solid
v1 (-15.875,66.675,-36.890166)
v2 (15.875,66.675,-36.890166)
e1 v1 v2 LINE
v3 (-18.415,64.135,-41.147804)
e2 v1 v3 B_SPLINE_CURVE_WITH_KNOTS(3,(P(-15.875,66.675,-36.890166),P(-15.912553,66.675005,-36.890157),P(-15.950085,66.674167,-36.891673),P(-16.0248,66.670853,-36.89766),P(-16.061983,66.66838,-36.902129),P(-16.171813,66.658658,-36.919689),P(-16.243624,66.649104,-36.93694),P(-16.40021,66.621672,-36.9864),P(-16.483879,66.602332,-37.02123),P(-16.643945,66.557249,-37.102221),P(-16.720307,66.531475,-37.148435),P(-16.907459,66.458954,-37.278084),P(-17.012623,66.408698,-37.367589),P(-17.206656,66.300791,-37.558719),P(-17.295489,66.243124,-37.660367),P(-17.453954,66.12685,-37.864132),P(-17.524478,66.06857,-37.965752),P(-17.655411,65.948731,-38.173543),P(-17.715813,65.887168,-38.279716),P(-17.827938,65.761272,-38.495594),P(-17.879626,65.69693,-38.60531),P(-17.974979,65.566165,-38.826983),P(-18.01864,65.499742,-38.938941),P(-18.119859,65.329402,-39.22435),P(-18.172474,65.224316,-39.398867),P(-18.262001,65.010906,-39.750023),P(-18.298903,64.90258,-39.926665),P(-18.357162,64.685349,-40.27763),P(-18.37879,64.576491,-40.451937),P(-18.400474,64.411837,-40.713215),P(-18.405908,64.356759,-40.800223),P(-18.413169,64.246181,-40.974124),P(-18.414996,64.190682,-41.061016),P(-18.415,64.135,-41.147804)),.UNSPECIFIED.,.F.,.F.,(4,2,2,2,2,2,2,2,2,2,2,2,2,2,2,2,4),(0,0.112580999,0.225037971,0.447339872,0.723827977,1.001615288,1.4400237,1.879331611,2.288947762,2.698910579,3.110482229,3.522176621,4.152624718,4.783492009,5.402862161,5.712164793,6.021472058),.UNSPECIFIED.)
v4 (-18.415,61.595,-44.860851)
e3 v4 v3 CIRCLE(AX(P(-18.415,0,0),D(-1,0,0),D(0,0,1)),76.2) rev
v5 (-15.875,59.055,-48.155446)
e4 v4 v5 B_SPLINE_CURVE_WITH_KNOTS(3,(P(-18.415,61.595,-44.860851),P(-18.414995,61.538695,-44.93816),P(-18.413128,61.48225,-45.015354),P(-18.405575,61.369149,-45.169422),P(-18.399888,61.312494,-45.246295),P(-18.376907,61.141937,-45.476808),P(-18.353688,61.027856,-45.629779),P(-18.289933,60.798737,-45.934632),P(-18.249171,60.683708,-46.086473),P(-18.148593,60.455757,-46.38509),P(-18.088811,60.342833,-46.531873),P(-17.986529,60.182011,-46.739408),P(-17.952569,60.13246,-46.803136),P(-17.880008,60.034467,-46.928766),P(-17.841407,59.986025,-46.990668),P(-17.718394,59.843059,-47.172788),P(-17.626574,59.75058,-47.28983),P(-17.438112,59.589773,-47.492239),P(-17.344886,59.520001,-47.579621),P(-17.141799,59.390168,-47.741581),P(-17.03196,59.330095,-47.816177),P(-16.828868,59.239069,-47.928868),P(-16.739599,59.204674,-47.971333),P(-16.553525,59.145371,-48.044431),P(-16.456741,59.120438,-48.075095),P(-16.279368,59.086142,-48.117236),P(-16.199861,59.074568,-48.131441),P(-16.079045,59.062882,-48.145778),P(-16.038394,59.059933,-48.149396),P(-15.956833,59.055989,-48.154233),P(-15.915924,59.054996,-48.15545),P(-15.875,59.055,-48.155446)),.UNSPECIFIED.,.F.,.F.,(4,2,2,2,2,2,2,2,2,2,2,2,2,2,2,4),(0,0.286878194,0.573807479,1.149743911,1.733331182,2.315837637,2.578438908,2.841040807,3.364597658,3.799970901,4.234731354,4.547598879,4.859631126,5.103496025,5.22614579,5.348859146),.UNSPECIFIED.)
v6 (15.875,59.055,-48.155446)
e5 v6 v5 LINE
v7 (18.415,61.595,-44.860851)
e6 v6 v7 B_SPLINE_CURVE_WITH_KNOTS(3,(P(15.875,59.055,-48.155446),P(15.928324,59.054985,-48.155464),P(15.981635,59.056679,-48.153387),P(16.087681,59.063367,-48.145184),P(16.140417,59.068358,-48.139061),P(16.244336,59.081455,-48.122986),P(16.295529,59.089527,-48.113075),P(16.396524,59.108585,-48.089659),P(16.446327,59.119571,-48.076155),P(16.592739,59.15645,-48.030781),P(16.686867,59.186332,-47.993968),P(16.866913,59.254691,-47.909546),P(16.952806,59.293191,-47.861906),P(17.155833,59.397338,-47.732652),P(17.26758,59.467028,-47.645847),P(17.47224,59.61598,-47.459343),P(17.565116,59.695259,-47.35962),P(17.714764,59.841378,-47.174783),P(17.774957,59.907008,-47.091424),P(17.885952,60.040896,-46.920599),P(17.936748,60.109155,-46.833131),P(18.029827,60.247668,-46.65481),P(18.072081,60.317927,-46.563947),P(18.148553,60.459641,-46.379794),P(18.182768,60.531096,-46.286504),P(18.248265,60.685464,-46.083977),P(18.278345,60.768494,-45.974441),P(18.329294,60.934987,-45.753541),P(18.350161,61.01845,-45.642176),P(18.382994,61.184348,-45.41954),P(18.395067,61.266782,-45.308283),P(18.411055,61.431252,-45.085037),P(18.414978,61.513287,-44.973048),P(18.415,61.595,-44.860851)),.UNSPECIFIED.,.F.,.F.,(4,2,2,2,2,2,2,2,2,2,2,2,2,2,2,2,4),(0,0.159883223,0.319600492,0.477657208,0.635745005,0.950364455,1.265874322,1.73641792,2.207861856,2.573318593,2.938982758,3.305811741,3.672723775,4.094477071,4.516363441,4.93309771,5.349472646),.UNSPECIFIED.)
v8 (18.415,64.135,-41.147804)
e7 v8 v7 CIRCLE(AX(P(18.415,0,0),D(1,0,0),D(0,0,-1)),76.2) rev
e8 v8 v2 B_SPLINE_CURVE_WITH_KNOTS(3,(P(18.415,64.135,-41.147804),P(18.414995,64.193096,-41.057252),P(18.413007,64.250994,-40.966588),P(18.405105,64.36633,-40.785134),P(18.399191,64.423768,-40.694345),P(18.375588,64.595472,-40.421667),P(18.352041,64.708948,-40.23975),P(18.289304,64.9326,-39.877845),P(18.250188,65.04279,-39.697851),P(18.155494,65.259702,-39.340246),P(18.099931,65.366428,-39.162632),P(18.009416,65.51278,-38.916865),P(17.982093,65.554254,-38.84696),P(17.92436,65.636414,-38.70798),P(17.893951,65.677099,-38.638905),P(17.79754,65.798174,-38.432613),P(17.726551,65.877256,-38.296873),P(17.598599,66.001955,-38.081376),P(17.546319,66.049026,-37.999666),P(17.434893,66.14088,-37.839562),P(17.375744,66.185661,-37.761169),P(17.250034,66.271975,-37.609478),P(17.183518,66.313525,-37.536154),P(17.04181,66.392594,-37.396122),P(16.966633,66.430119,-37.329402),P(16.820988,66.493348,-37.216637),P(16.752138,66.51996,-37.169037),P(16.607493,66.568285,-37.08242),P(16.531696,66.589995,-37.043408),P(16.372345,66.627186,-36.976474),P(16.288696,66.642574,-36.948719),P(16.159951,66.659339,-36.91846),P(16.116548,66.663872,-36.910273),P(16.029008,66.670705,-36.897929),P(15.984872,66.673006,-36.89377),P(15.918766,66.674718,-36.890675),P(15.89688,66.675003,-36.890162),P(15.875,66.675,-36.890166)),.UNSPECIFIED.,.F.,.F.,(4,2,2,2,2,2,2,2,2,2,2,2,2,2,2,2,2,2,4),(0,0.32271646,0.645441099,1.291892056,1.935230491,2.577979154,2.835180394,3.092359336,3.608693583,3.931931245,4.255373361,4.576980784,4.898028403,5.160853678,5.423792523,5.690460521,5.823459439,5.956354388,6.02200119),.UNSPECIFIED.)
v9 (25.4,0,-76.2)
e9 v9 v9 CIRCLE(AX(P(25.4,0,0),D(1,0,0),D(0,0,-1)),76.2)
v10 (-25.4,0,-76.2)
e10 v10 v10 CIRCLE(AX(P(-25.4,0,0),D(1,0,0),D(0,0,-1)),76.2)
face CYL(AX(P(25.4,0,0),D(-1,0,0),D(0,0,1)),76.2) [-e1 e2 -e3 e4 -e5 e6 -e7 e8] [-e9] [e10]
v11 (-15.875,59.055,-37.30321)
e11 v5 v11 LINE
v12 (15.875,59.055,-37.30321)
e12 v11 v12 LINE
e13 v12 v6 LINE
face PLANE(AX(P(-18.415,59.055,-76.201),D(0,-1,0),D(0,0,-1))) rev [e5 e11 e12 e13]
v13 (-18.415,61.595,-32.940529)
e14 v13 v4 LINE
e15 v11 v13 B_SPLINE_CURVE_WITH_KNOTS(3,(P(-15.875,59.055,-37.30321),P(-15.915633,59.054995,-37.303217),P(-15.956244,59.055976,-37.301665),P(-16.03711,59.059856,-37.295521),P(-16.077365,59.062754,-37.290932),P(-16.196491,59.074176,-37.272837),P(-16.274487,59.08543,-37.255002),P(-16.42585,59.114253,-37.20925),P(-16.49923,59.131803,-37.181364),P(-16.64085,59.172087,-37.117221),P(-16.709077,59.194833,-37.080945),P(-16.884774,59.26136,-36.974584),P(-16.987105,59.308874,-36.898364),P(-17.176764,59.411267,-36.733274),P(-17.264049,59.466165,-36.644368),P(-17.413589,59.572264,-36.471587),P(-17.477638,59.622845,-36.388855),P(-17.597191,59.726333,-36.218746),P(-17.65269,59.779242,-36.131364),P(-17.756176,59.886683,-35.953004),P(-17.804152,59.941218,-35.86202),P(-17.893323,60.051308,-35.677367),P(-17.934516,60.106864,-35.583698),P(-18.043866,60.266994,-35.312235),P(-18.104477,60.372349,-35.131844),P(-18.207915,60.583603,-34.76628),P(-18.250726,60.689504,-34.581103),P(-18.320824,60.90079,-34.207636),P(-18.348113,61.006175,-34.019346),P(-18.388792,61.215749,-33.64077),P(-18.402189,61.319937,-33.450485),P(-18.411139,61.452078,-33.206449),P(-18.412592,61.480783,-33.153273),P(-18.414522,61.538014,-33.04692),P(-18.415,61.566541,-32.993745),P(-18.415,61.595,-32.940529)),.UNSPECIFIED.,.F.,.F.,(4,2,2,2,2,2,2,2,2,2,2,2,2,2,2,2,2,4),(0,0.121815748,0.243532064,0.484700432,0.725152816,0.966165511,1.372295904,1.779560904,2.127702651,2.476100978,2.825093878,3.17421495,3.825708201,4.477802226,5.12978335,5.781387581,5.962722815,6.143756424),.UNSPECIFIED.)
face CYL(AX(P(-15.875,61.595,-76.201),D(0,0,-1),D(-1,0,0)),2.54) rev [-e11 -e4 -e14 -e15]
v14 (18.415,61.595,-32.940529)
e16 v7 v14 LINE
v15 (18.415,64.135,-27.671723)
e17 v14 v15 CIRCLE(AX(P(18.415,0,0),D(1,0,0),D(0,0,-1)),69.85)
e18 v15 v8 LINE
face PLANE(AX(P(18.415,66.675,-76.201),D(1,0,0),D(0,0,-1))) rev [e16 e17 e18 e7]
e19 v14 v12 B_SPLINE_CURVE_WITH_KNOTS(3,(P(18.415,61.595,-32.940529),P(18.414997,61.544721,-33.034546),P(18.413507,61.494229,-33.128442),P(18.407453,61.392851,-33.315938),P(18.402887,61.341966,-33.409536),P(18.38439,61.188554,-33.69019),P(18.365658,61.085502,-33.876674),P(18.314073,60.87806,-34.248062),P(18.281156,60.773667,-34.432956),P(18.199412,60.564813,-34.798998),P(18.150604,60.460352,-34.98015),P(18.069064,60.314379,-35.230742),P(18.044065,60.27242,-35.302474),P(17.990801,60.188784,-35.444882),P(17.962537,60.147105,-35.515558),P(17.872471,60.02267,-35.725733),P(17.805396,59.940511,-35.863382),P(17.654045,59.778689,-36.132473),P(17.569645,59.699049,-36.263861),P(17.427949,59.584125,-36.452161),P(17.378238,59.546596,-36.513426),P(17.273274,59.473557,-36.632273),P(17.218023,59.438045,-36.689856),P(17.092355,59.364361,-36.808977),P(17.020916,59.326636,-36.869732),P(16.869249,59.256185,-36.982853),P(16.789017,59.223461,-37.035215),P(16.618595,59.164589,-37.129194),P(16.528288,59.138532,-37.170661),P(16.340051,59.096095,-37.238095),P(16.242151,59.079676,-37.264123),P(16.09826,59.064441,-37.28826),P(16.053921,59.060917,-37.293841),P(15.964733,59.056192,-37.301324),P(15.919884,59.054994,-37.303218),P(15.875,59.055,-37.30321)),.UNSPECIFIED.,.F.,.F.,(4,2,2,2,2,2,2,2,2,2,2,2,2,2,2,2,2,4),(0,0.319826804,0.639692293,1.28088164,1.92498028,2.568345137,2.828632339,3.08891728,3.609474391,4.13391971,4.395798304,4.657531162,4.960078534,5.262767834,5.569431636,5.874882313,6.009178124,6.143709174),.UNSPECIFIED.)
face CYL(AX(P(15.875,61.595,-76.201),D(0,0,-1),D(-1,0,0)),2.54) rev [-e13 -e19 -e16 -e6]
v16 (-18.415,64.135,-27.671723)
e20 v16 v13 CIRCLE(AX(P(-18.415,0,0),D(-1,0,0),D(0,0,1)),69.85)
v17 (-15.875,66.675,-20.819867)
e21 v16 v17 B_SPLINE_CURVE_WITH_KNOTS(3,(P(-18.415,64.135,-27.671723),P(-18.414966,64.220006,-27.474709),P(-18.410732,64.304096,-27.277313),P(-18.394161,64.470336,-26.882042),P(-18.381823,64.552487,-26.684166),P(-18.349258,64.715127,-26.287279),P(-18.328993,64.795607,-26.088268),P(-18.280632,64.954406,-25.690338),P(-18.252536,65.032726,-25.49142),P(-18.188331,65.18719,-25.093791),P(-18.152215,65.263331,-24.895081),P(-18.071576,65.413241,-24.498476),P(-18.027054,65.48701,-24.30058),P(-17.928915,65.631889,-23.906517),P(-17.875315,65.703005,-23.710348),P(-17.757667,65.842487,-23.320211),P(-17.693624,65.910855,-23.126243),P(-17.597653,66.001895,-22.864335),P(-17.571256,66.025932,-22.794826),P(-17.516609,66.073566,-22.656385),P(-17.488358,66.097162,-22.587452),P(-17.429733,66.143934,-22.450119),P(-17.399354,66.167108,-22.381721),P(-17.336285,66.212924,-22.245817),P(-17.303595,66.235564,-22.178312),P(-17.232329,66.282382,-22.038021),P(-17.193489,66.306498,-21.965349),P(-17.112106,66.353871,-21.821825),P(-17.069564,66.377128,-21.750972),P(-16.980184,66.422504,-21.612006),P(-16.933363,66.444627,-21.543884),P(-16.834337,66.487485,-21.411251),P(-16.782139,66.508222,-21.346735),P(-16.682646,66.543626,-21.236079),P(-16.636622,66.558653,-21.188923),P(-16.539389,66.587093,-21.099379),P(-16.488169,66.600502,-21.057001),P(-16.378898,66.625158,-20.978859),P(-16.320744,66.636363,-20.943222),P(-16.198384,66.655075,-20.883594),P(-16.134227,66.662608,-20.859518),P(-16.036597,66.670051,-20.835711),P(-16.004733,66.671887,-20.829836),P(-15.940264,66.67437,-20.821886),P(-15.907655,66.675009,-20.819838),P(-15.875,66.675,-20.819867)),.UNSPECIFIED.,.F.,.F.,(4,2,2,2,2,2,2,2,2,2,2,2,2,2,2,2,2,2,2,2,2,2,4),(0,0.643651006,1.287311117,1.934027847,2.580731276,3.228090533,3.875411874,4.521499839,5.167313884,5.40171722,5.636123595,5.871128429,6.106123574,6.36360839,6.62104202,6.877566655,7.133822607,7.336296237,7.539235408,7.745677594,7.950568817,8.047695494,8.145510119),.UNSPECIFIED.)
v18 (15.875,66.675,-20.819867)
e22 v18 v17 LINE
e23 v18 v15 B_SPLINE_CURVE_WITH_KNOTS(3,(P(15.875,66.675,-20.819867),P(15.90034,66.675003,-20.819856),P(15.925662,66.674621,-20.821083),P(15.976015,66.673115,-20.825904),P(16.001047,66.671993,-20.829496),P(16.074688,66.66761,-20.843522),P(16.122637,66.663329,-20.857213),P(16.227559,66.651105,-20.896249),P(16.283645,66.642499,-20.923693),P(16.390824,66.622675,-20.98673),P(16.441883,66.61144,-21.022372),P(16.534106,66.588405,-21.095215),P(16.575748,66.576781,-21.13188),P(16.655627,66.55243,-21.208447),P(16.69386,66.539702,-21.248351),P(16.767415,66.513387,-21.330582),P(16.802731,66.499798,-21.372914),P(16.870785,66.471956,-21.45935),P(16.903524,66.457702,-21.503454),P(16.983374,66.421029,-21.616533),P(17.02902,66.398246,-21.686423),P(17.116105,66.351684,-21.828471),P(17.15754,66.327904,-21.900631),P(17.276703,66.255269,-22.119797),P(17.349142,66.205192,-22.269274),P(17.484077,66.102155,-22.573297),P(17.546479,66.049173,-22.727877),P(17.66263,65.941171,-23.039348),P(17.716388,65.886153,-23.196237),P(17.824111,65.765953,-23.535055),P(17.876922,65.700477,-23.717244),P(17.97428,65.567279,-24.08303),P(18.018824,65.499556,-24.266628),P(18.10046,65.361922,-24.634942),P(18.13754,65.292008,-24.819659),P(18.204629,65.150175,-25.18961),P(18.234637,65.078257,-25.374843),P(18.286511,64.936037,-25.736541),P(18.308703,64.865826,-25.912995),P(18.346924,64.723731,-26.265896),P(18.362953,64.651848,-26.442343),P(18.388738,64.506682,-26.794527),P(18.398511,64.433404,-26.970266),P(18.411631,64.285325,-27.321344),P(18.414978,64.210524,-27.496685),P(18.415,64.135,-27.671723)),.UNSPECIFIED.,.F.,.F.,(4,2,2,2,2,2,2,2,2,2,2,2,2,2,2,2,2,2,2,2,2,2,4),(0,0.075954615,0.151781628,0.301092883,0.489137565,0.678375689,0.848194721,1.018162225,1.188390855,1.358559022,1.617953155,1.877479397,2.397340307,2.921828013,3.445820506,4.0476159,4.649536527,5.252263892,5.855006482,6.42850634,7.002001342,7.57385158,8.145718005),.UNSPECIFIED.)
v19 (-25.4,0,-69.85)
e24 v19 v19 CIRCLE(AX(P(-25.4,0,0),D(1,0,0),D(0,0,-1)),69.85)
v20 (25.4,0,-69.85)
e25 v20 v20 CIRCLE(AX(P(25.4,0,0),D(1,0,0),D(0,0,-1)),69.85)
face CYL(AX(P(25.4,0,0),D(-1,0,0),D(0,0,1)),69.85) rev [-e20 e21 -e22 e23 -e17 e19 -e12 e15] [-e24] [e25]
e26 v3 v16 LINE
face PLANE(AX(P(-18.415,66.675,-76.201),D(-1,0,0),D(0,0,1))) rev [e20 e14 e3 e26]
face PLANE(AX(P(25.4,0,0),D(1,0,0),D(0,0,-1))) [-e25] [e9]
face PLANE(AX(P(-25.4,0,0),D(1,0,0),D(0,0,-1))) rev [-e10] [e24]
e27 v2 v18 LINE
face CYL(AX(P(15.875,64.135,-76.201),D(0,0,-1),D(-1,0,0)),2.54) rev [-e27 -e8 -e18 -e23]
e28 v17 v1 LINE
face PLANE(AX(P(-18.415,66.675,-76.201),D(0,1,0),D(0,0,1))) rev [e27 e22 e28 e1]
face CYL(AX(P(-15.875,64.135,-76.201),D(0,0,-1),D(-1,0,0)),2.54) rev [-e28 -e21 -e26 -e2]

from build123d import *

# Parameters (mm, degrees)
SKETCH1_R               = 76.2
SKETCH1_R_2             = 69.85
BOSS_EXTRUDE1_DEPTH     = 25.4
CUT_EXTRUDE1_REACH      = 112.716
CUT_EXTRUDE1_END_RADIUS = 76.2
SKETCH4_W               = 36.83
SKETCH4_H               = 7.62
FILLET1_R               = 2.54


with BuildPart() as part:
    # Sketch1 → Boss-Extrude1 (new, symmetric)
    with BuildSketch(Plane(origin=(0, 0, 0), x_dir=(0, 0, -1), z_dir=(1, 0, 0))):
        Circle(SKETCH1_R)
        Circle(SKETCH1_R_2, mode=Mode.SUBTRACT)
    extrude(amount=BOSS_EXTRUDE1_DEPTH, both=True)

    # Cut-Extrude1: up to this cylinder (the profile starts inside it)
    cut_extrude1_end = Plane(origin=(0, 0, 0), z_dir=(-1, 0, 0)) * Cylinder(CUT_EXTRUDE1_END_RADIUS, 378.832, mode=Mode.PRIVATE)
    # Sketch4 → Cut-Extrude1 (cut, up to the surface)
    with BuildSketch(Plane.XY, mode=Mode.PRIVATE) as cut_extrude1_sk1:
        with Locations((0, 62.865)):
            Rectangle(SKETCH4_W, SKETCH4_H)
    cut_extrude1_tool1 = extrude(cut_extrude1_sk1.sketch, amount=-CUT_EXTRUDE1_REACH, mode=Mode.PRIVATE) & cut_extrude1_end
    add(cut_extrude1_tool1.solids().sort_by_distance((0, 62.865, 0))[0], mode=Mode.SUBTRACT)

    # Fillet1
    fillet1_edges = [part.edges().sort_by_distance(p)[0] for p in [
        (-18.415, 59.055, -42.729327968),
        (-18.415, 66.675, -28.855016844),
        (18.415, 66.675, -28.855016844),
        (18.415, 59.055, -42.729327968),
    ]]
    fillet(fillet1_edges, radius=FILLET1_R)


solid = part.part
